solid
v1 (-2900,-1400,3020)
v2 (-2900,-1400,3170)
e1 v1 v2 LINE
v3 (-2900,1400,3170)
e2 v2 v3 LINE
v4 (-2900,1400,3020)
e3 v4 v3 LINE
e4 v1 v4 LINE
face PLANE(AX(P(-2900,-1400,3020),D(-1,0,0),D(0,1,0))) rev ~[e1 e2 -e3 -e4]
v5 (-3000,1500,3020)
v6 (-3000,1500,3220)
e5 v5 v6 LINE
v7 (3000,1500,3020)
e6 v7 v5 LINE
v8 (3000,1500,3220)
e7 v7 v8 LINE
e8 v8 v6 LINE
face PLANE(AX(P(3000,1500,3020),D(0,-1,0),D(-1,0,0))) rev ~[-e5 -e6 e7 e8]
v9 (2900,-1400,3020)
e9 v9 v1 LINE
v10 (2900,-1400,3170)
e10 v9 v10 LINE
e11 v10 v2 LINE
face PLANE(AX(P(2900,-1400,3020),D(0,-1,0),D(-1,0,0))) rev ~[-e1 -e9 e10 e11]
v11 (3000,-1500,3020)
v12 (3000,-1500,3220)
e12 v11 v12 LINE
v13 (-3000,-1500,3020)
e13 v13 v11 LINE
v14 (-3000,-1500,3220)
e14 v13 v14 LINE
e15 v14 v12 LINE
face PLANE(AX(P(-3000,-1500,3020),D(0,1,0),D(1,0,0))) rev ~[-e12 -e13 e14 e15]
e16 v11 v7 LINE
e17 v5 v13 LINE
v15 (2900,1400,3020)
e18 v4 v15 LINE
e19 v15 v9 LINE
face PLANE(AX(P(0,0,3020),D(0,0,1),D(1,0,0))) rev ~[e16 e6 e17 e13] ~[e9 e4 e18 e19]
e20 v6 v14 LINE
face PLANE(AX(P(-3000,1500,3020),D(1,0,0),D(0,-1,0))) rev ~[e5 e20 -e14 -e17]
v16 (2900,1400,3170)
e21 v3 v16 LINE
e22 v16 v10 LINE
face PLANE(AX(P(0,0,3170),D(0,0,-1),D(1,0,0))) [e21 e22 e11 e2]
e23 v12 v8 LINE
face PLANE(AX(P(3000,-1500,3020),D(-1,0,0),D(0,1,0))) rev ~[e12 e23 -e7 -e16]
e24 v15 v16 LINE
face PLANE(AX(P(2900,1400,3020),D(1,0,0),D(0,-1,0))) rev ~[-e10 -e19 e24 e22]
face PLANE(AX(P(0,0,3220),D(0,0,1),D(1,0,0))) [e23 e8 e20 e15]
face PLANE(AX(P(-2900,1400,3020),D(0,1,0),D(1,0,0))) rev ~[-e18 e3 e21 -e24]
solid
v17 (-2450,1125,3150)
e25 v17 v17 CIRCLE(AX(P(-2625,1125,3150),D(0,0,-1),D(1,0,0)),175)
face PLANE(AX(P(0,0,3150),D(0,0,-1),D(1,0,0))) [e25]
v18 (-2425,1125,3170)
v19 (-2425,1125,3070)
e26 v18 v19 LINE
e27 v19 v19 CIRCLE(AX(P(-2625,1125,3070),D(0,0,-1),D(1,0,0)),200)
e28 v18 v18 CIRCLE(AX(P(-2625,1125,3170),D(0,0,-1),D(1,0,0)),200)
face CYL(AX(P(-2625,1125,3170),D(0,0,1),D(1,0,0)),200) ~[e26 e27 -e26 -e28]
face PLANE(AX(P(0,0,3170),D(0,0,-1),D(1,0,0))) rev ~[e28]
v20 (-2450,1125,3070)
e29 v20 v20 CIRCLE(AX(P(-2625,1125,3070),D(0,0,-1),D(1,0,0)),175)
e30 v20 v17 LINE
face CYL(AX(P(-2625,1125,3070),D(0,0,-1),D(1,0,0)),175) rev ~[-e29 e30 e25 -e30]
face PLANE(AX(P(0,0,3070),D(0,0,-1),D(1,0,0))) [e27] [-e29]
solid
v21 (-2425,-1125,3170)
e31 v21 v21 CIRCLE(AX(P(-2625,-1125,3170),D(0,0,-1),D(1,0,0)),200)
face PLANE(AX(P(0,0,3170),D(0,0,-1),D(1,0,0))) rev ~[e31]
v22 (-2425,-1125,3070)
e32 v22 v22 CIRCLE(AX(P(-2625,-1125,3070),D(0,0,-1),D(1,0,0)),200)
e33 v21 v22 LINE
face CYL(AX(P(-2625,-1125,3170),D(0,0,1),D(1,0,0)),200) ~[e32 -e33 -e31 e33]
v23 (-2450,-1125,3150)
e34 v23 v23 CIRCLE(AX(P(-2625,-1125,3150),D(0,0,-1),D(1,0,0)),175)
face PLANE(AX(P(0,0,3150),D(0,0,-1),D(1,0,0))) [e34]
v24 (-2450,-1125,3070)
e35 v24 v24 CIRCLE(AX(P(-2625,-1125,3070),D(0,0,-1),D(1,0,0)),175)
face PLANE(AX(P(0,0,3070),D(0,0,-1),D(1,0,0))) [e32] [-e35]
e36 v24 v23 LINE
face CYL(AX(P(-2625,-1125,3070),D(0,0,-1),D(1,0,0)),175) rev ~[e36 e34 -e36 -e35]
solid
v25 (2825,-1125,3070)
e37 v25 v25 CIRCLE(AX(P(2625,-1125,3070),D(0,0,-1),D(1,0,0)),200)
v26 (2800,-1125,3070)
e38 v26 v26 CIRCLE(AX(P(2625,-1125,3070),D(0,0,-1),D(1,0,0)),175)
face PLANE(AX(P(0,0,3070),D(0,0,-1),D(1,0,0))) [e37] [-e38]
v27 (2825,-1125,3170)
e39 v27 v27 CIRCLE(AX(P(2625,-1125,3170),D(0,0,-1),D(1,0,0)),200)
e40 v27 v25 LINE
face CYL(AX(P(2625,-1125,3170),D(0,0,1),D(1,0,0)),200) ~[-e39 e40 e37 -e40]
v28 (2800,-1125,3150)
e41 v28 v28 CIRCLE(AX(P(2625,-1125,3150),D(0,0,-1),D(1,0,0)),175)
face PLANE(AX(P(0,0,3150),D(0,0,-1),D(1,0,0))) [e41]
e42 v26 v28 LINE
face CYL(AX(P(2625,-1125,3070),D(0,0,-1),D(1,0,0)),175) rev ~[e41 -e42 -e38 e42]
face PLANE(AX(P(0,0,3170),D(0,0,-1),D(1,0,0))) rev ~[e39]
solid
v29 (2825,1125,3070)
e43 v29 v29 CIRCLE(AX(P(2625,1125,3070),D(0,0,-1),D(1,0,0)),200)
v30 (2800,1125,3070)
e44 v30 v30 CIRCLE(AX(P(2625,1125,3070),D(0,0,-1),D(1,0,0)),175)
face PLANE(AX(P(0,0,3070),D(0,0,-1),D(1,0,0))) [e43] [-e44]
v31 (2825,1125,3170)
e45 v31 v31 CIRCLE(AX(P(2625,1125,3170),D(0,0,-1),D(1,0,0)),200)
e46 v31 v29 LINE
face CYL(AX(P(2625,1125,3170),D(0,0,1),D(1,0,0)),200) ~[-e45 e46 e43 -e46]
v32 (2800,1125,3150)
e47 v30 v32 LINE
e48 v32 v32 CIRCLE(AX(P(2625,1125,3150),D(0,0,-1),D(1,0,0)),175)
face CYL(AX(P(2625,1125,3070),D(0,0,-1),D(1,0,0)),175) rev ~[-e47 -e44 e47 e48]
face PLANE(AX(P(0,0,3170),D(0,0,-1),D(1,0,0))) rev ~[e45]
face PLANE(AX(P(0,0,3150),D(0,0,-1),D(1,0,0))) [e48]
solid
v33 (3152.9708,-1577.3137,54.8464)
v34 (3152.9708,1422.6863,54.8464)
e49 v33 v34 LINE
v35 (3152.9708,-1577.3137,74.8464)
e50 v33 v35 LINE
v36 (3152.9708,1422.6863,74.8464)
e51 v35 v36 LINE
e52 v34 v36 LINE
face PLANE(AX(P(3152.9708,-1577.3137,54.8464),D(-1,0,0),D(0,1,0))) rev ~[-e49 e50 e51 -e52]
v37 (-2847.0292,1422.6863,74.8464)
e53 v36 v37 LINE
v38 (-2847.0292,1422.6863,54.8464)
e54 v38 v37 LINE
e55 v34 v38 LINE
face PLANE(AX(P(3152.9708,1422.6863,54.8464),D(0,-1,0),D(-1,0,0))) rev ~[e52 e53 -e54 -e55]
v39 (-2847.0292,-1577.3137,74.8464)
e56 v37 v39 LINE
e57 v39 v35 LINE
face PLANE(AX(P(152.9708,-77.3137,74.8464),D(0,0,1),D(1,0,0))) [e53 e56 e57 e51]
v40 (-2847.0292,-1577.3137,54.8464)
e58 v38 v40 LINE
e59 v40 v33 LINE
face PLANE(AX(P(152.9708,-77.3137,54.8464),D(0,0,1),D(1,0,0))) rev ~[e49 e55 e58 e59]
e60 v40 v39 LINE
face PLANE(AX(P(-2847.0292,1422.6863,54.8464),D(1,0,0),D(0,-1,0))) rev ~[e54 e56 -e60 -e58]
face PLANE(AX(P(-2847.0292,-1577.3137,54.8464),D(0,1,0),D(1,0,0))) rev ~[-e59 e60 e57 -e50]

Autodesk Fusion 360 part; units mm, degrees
sketch "Sketch1" plane through (0, 0, 0) normal (0, 0, 1) x (1, 0, 0) in component "Desk"
  line L0 (3000, 1500) -> (-3000, 1500)
  line L1 (-3000, 1500) -> (-3000, -1500)
  line L2 (-3000, -1500) -> (3000, -1500)
  line L3 (3000, -1500) -> (3000, 1500)
  line L4 (3000, 1500) -> (-3000, -1500) construction
  line L5 (-3000, 1500) -> (3000, -1500) construction
  dimension "d1" = 6000
  dimension "d2" = 3000
extrude "Extrude1" add sketch "Sketch1" along normal blind 20 makes body 1 in component "Desk"
ref_plane "WorkPlane1" through (0, 0, 3020) normal (0, 0, 1) x (1, 0, 0) in component "False Ceiling"
sketch "Sketch1 (2)" plane through (0, 0, 3020) normal (0, 0, 1) x (1, 0, 0) in component "False Ceiling"
  line L0 (3000, 1500) -> (-3000, 1500)
  line L1 (-3000, 1500) -> (-3000, -1500)
  line L2 (-3000, -1500) -> (3000, -1500)
  line L3 (3000, -1500) -> (3000, 1500)
  line L4 (3000, 1500) -> (-3000, -1500) construction
  line L5 (-3000, 1500) -> (3000, -1500) construction
  dimension "d12" = 6000
  dimension "d13" = 3000
extrude "Extrude1'" add sketch "Sketch1 (2)" along normal blind 200 separate body makes body 2 in component "False Ceiling"
sketch "Sketch1 (3)" plane through (0, 0, 3020) normal (0, 0, -1) x (1, 0, 0)
  line L0 (3000, -1500) -> (3000, 1500)
  line L1 (3000, 1500) -> (-3000, 1500)
  line L2 (-3000, 1500) -> (-3000, -1500)
  line L3 (-3000, -1500) -> (3000, -1500)
  line L4 (2900, 1400) -> (-2900, 1400)
  line L5 (-2900, 1400) -> (-2900, -1400)
  line L6 (-2900, -1400) -> (2900, -1400)
  line L7 (2900, -1400) -> (2900, 1400)
  line L8 (2900, 1400) -> (-2900, -1400) construction
  line L9 (-2900, 1400) -> (2900, -1400) construction
extrude "Extrude2" cut sketch "Sketch1 (3)" against normal blind 150 contours L4 L5 L6 L7 bodies 2 in component "False Ceiling"
sketch "Sketch1 (4)" plane through (0, 0, 3170) normal (0, 0, -1) x (1, 0, 0) in component "lights"
  line L0 (2900, -1400) -> (2900, 1400)
  line L1 (2900, 1400) -> (-2900, 1400)
  line L2 (-2900, 1400) -> (-2900, -1400)
  line L3 (-2900, -1400) -> (2900, -1400)
  circle A0 centre (-2625, 1125) radius 200
  circle A1 centre (-2625, -1125) radius 200
  circle A2 centre (2625, 1125) radius 200
  circle A3 centre (2625, -1125) radius 200
  dimension "d20" = -2250
  dimension "d21" = -5250
extrude "Extrude1''" add sketch "Sketch1 (4)" along normal blind 100 separate body contours A0 | A1 | A2 | A3 makes body 3 at (-2425.9938, 1144.9136, 3136.6667) makes body 4 at (2824.0062, -1105.0864, 3136.6667) makes body 5 at (-2425.9938, -1105.0864, 3136.6667) makes body 6 at (2824.0062, 1144.9136, 3136.6667) in component "lights"
sketch "Sketch2" plane through (0, 0, 3070) normal (0, 0, -1) x (1, 0, 0) in component "lights"
  circle A0 centre (2625, 1125) radius 200
  circle A1 centre (2625, 1125) radius 175
  circle A2 centre (2625, -1125) radius 175
  circle A3 centre (-2625, -1125) radius 175
  circle A4 centre (-2625, 1125) radius 175
extrude "Extrude2'" cut sketch "Sketch2" against normal blind 80 contours A1 | A2 | A3 | A4 bodies 3 4 5 6 in component "lights"
component "Desk" placed x (1, 0, 0) y (0, 1, 0) z (0, 0, 1) at (152.9708, -77.3137, 54.8464)
component "False Ceiling" placed x (1, 0, 0) y (0, 1, 0) z (0, 0, 1) at (0, 0, 0)
component "lights" placed x (1, 0, 0) y (0, 1, 0) z (0, 0, 1) at (0, 0, 0)
